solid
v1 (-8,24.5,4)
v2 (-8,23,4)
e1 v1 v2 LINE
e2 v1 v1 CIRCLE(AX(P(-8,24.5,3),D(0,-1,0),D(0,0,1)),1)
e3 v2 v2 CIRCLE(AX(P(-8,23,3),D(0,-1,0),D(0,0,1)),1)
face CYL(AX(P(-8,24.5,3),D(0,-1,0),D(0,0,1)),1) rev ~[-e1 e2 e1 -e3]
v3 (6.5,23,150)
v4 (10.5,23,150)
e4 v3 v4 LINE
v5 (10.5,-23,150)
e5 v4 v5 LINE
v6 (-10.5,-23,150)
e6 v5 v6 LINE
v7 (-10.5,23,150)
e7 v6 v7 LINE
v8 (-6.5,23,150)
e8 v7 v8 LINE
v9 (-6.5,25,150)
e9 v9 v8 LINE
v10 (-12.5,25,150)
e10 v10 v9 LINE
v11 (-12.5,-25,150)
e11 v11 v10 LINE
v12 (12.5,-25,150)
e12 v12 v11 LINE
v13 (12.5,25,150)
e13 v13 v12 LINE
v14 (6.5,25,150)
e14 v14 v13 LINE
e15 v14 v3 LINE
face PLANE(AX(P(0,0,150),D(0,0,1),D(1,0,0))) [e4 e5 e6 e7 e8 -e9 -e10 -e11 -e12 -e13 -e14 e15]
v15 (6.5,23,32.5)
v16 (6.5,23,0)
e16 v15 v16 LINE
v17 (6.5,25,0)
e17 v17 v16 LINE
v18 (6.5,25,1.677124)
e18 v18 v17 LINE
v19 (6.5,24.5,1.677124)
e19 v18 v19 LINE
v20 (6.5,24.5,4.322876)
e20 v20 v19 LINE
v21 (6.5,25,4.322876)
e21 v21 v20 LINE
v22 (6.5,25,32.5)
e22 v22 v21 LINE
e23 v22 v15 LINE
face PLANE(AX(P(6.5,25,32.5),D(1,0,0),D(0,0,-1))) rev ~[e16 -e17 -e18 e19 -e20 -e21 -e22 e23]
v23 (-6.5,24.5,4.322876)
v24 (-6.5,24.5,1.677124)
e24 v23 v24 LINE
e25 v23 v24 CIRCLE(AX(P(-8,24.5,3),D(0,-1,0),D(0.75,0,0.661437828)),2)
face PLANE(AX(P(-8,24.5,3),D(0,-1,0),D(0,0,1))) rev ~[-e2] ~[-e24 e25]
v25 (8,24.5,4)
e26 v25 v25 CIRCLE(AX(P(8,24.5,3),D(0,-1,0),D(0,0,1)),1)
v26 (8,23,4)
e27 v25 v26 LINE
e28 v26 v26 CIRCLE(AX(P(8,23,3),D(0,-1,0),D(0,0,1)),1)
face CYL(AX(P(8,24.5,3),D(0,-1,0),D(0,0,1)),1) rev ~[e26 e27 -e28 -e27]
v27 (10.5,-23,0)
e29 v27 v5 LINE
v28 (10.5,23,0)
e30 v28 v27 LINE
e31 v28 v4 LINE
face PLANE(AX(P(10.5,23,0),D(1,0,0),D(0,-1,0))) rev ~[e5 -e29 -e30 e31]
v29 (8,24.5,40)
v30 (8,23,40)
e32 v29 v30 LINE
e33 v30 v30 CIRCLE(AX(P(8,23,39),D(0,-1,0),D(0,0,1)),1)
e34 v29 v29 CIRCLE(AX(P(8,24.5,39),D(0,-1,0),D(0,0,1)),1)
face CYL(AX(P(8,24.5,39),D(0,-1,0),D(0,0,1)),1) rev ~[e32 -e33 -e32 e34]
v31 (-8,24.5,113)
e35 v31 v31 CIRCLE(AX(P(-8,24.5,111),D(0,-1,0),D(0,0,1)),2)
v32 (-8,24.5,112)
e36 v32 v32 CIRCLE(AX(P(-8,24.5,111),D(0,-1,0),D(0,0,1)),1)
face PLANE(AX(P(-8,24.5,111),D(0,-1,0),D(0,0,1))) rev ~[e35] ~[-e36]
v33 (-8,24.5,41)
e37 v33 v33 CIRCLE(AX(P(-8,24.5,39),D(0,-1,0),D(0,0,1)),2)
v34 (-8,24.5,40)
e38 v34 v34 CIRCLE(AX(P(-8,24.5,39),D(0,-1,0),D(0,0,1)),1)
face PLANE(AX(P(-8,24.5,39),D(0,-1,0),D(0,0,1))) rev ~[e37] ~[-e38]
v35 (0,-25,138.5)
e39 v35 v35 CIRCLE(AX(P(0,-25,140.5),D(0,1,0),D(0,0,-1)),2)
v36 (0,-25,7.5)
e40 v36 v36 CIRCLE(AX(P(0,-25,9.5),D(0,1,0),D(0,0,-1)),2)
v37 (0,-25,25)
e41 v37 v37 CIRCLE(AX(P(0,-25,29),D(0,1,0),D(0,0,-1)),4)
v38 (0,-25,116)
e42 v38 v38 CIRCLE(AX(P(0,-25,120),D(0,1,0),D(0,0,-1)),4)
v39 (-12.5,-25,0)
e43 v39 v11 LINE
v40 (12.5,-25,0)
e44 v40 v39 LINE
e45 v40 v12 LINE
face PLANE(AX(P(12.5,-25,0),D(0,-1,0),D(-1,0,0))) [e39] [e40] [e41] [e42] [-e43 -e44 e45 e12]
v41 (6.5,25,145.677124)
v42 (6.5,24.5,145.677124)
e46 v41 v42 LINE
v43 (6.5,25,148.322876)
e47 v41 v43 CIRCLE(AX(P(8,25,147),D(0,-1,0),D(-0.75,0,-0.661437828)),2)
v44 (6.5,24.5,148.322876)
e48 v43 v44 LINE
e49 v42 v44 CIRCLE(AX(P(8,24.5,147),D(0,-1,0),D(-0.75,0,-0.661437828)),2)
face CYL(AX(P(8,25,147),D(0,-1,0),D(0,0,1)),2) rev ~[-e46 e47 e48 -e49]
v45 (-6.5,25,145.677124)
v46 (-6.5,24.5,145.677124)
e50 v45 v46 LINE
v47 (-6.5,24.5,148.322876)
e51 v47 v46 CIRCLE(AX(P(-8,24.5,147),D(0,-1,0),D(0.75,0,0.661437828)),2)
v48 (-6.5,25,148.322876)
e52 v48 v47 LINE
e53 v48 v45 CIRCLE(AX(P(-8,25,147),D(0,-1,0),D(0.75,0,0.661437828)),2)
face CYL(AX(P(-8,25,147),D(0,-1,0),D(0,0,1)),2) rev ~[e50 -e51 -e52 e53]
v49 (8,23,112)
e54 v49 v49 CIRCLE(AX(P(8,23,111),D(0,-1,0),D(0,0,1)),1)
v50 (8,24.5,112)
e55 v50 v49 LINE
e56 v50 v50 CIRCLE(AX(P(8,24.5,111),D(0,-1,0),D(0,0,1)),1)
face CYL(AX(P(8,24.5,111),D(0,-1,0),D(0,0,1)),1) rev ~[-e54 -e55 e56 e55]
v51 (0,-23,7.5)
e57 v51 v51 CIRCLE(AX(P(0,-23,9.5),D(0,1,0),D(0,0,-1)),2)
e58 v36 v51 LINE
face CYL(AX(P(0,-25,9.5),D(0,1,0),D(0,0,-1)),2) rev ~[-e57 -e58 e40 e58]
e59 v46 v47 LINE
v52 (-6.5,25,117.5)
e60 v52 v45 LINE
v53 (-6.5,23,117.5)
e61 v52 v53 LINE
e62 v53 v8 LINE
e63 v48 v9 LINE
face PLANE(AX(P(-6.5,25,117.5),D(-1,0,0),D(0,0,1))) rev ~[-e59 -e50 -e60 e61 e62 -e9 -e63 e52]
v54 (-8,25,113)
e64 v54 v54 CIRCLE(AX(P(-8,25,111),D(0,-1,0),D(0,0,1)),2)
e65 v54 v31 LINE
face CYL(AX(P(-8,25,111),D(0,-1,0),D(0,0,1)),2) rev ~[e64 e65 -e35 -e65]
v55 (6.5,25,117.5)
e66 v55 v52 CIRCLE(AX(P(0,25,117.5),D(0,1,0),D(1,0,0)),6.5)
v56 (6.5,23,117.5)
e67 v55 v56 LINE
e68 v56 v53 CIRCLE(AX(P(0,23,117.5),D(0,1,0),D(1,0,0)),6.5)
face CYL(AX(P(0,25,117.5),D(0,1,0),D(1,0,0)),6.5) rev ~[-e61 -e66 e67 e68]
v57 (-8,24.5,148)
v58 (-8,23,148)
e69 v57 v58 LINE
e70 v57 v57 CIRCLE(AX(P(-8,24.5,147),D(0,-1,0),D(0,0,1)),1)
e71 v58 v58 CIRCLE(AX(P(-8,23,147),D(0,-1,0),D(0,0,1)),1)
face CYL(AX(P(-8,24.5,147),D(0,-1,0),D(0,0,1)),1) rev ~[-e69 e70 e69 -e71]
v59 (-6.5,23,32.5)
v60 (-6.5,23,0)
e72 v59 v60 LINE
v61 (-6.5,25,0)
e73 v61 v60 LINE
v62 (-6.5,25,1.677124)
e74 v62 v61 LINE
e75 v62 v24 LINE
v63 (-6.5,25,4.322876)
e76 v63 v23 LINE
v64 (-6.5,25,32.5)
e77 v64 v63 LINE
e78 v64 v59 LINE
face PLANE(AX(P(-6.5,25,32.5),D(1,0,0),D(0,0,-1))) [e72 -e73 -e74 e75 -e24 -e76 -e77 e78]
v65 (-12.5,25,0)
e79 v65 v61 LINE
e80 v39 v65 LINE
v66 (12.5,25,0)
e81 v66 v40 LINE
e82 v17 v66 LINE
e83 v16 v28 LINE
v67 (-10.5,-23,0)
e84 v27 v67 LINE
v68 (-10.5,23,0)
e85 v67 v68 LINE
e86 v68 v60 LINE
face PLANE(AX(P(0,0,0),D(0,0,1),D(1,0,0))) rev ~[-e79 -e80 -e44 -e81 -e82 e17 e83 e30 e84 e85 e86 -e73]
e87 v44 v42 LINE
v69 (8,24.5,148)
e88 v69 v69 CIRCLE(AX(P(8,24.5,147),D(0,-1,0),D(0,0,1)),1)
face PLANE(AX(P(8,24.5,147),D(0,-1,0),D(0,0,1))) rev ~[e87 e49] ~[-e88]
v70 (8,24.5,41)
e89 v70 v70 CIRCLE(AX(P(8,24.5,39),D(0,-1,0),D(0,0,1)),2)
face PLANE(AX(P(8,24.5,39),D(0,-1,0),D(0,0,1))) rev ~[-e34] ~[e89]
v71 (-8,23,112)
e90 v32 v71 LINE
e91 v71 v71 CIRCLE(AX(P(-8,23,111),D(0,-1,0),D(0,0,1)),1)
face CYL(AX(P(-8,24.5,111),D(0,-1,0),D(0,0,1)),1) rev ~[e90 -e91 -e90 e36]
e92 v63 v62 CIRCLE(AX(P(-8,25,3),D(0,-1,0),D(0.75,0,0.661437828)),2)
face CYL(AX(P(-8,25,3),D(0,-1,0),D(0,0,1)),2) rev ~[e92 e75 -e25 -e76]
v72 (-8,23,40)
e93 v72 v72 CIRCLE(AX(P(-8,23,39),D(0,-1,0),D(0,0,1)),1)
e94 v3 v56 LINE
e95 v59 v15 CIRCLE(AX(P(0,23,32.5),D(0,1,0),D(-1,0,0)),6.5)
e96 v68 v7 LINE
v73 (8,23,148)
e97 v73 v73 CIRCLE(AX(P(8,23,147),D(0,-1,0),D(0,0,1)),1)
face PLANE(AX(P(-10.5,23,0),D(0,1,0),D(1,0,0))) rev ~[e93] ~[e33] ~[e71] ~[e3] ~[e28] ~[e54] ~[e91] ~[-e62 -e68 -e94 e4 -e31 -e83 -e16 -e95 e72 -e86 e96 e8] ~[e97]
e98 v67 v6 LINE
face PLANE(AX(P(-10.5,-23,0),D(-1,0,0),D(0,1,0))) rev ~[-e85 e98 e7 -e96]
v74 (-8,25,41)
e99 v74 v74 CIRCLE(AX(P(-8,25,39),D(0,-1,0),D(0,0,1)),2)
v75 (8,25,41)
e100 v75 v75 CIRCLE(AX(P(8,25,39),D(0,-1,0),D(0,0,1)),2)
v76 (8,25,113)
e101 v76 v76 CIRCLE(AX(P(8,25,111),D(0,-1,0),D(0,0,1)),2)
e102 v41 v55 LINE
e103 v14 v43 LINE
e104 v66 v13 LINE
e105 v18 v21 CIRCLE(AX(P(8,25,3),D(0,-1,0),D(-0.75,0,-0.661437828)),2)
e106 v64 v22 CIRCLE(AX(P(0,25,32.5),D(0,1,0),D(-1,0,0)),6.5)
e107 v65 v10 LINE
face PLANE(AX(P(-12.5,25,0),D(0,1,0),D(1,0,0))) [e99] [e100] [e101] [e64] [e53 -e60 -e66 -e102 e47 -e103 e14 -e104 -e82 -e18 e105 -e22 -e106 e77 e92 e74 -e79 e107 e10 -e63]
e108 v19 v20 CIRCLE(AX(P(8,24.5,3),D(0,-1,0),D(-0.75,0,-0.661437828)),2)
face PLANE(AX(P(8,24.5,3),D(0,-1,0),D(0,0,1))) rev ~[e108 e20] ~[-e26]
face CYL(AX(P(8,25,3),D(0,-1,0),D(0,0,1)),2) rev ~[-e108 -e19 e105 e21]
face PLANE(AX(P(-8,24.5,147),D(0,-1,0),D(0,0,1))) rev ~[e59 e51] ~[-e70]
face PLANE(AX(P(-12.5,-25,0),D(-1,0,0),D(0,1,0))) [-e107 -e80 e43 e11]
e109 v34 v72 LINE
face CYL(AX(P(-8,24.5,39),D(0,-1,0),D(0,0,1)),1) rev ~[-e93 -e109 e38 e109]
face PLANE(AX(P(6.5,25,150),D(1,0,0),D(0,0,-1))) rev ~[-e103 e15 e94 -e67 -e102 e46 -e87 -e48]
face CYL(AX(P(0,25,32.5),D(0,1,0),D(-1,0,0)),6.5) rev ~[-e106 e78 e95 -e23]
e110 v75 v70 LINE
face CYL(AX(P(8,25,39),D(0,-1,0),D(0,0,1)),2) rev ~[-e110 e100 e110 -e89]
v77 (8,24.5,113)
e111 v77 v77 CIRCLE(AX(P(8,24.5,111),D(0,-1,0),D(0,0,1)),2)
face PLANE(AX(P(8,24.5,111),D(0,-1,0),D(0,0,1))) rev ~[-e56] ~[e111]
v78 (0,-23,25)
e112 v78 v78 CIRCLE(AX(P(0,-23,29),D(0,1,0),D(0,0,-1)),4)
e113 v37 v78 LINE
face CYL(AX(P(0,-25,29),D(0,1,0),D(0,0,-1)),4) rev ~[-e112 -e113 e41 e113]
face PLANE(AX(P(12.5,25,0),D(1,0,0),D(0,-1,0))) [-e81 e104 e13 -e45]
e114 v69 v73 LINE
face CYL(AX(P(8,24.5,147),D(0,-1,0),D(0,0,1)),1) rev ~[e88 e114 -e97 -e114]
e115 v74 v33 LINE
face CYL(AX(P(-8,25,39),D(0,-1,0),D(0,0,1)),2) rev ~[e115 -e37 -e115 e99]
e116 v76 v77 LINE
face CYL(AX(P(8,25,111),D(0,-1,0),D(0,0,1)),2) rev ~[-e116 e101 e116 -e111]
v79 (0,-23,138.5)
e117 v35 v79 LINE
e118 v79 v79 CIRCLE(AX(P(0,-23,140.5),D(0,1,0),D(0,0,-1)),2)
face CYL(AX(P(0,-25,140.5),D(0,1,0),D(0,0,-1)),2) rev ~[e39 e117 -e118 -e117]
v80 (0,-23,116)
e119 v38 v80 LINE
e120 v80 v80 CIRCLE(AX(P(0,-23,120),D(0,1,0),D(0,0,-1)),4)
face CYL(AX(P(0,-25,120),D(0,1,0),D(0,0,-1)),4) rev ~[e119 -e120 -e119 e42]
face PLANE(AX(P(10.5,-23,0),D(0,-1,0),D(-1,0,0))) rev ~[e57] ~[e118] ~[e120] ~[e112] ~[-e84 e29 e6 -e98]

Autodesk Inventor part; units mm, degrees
ref_plane "YZ Plane" through (0, 0, 0) normal (1, 0, 0) x (0, 1, 0)
ref_plane "XZ Plane" through (0, 0, 0) normal (0, 1, 0) x (-1, 0, 0)
ref_plane "XY Plane" through (0, 0, 0) normal (0, 0, 1) x (1, 0, 0)
sketch "スケッチ1" plane through (0, 0, 0) normal (0, 0, 1) x (1, 0, 0)
  line L0 (-12.5, 25) -> (12.5, 25)
  line L1 (12.5, 25) -> (12.5, -25)
  line L2 (12.5, -25) -> (-12.5, -25)
  line L3 (-12.5, -25) -> (-12.5, 25)
  line L4 (-10.5, 23) -> (10.5, 23)
  line L5 (10.5, 23) -> (10.5, -23)
  line L6 (10.5, -23) -> (-10.5, -23)
  line L7 (-10.5, -23) -> (-10.5, 23)
  point P0 (0, 0)
  dimension "d0" = 25
  dimension "d1" = 50
  dimension "d2" = 46
  dimension "d3" = 21
  dimension "d4" = 25
  dimension "d5" = 23
  dimension "d6" = 10.5
  dimension "d7" = 12.5
extrude "押し出し1" add sketch "スケッチ1" along normal blind 150
sketch "スケッチ2" plane through (-12.5, 25, 0) normal (0, 1, 0) x (1, 0, 0)
  line L0 (0, 0) -> (25, 0) projected
  line L1 (0, 0) -> (0, -150) projected
  arc A0 (6, -32.5) -> (19, -32.5) centre (12.5, -32.5) ccw
  line L2 (6, -32.5) -> (6, 0)
  line L3 (19, -32.5) -> (19, 0)
  point P0 (12.5, 0)
  dimension "d10" = 13
  dimension "d11" = 32.5
  dimension "d12" = 12.5
extrude "押し出し2" cut sketch "スケッチ2" against normal blind 2
sketch "スケッチ3" plane through (-12.5, 25, 150) normal (0, 1, 0) x (1, 0, 0)
  arc A0 (6, 117.5) -> (19, 117.5) centre (12.5, 117.5) ccw projected
  circle A1 centre (4.5, 111) radius 1
  circle A2 centre (4.5, 147) radius 1
  circle A3 centre (20.5, 147) radius 1
  circle A4 centre (20.5, 111) radius 1
  point P0 (12.5, 150)
  dimension "d15" = 6.5
  dimension "d16" = 6.5
  dimension "d17" = 2
  dimension "d18" = 8
  dimension "d19" = 8
  dimension "d20" = 8
  dimension "d21" = 8
  dimension "d22" = 29.5
  dimension "d23" = 29.5
hole "穴1" at (-8, 25, 3) at (8, 25, 3) at (8, 25, 39) at (-8, 25, 39) direction (0, -1, 0) diameter 2 depth 2 tip angle 118 counterbore diameter 4 counterbore depth 0.5
sketch "スケッチ4" plane through (-12.5, -25, 0) normal (0, -1, 0) x (1, 0, 0)
  line L0 (25, 0) -> (0, 0) projected
  line L1 (25, 0) -> (25, 150) projected
  circle A0 centre (12.5, 9.5) radius 2
  point P0 (12.5, 0)
  dimension "d31" = 4
  dimension "d32" = 12.5
  dimension "d33" = 9.5
hole "穴2" at (0, -25, 9.5) direction (0, 1, 0) diameter 4 end through all
sketch "スケッチ7" plane through (-12.5, -25, 0) normal (0, -1, 0) x (1, 0, 0)
  line L0 (25, 0) -> (25, 150) projected
  circle A0 centre (12.5, 29) radius 4
  line L1 (25, 0) -> (0, 0) projected
  point P0 (12.5, 0)
  dimension "d79" = 8
  dimension "d80" = 12.5
  dimension "d88" = 29
hole "穴5" at (0, -25, 29) direction (0, 1, 0) diameter 8 end through all
sketch "スケッチ9" plane through (-12.5, 25, 150) normal (0, 1, 0) x (1, 0, 0)
  line L0 (0, 150) -> (0, 0) projected
  line L1 (0, 0) -> (25, 0) projected
  line L2 (6, 0) -> (19, 0)
  line L3 (19, 0) -> (19, 32.5)
  line L4 (6, 32.5) -> (6, 0)
  arc A0 (19, 32.5) -> (6, 32.5) centre (12.5, 32.5) ccw
  point P0 (12.5, 150)
  dimension "d92" = 13
  dimension "d93" = 12.5
  dimension "d95" = 32.5
  dimension "d96" = 6.5
  dimension "d97" = 6.5
extrude "押し出し4" cut sketch "スケッチ9" against normal blind 2
sketch "スケッチ10" plane through (12.5, 25, 150) normal (0, 1, 0) x (1, 0, 0)
  arc A0 (-6, 32.5) -> (-19, 32.5) centre (-12.5, 32.5) ccw projected
  circle A1 centre (-20.5, 39) radius 1
  circle A2 centre (-20.5, 3) radius 1
  circle A3 centre (-4.5, 3) radius 1
  circle A4 centre (-4.5, 39) radius 1
  point P0 (-12.5, 150)
  dimension "d100" = 2
  dimension "d102" = 16
  dimension "d103" = 16
  dimension "d106" = 8
  dimension "d110" = 8
  dimension "d138" = 6.5
  dimension "d139" = 6.5
  dimension "d140" = 29.5
  dimension "d141" = 29.5
hole "穴6" at (8, 25, 147) at (-8, 25, 147) at (-8, 25, 111) at (8, 25, 111) direction (0, -1, 0) diameter 2 depth 2 tip angle 118 counterbore diameter 4 counterbore depth 0.5
sketch "スケッチ11" plane through (-12.5, -25, 0) normal (0, -1, 0) x (1, 0, 0)
  line L0 (25, 150) -> (0, 150) projected
  line L1 (25, 0) -> (25, 150) projected
  circle A0 centre (12.5, 140.5) radius 2
  point P0 (12.5, 0)
  dimension "d118" = 9.5
  dimension "d119" = 4
  dimension "d120" = 12.5
hole "穴7" at (0, -25, 140.5) direction (0, 1, 0) diameter 4 depth 2 tip angle 118
sketch "スケッチ12" plane through (-12.5, -25, 0) normal (0, -1, 0) x (1, 0, 0)
  line L0 (25, 150) -> (0, 150) projected
  line L1 (25, 0) -> (25, 150) projected
  circle A0 centre (12.5, 120) radius 4
  point P0 (12.5, 0)
  dimension "d128" = 30
  dimension "d129" = 8
  dimension "d130" = 12.5
hole "穴8" at (0, -25, 120) direction (0, 1, 0) diameter 8 depth 2 tip angle 118
properties part number "07" material "アルミニウム 6061"
